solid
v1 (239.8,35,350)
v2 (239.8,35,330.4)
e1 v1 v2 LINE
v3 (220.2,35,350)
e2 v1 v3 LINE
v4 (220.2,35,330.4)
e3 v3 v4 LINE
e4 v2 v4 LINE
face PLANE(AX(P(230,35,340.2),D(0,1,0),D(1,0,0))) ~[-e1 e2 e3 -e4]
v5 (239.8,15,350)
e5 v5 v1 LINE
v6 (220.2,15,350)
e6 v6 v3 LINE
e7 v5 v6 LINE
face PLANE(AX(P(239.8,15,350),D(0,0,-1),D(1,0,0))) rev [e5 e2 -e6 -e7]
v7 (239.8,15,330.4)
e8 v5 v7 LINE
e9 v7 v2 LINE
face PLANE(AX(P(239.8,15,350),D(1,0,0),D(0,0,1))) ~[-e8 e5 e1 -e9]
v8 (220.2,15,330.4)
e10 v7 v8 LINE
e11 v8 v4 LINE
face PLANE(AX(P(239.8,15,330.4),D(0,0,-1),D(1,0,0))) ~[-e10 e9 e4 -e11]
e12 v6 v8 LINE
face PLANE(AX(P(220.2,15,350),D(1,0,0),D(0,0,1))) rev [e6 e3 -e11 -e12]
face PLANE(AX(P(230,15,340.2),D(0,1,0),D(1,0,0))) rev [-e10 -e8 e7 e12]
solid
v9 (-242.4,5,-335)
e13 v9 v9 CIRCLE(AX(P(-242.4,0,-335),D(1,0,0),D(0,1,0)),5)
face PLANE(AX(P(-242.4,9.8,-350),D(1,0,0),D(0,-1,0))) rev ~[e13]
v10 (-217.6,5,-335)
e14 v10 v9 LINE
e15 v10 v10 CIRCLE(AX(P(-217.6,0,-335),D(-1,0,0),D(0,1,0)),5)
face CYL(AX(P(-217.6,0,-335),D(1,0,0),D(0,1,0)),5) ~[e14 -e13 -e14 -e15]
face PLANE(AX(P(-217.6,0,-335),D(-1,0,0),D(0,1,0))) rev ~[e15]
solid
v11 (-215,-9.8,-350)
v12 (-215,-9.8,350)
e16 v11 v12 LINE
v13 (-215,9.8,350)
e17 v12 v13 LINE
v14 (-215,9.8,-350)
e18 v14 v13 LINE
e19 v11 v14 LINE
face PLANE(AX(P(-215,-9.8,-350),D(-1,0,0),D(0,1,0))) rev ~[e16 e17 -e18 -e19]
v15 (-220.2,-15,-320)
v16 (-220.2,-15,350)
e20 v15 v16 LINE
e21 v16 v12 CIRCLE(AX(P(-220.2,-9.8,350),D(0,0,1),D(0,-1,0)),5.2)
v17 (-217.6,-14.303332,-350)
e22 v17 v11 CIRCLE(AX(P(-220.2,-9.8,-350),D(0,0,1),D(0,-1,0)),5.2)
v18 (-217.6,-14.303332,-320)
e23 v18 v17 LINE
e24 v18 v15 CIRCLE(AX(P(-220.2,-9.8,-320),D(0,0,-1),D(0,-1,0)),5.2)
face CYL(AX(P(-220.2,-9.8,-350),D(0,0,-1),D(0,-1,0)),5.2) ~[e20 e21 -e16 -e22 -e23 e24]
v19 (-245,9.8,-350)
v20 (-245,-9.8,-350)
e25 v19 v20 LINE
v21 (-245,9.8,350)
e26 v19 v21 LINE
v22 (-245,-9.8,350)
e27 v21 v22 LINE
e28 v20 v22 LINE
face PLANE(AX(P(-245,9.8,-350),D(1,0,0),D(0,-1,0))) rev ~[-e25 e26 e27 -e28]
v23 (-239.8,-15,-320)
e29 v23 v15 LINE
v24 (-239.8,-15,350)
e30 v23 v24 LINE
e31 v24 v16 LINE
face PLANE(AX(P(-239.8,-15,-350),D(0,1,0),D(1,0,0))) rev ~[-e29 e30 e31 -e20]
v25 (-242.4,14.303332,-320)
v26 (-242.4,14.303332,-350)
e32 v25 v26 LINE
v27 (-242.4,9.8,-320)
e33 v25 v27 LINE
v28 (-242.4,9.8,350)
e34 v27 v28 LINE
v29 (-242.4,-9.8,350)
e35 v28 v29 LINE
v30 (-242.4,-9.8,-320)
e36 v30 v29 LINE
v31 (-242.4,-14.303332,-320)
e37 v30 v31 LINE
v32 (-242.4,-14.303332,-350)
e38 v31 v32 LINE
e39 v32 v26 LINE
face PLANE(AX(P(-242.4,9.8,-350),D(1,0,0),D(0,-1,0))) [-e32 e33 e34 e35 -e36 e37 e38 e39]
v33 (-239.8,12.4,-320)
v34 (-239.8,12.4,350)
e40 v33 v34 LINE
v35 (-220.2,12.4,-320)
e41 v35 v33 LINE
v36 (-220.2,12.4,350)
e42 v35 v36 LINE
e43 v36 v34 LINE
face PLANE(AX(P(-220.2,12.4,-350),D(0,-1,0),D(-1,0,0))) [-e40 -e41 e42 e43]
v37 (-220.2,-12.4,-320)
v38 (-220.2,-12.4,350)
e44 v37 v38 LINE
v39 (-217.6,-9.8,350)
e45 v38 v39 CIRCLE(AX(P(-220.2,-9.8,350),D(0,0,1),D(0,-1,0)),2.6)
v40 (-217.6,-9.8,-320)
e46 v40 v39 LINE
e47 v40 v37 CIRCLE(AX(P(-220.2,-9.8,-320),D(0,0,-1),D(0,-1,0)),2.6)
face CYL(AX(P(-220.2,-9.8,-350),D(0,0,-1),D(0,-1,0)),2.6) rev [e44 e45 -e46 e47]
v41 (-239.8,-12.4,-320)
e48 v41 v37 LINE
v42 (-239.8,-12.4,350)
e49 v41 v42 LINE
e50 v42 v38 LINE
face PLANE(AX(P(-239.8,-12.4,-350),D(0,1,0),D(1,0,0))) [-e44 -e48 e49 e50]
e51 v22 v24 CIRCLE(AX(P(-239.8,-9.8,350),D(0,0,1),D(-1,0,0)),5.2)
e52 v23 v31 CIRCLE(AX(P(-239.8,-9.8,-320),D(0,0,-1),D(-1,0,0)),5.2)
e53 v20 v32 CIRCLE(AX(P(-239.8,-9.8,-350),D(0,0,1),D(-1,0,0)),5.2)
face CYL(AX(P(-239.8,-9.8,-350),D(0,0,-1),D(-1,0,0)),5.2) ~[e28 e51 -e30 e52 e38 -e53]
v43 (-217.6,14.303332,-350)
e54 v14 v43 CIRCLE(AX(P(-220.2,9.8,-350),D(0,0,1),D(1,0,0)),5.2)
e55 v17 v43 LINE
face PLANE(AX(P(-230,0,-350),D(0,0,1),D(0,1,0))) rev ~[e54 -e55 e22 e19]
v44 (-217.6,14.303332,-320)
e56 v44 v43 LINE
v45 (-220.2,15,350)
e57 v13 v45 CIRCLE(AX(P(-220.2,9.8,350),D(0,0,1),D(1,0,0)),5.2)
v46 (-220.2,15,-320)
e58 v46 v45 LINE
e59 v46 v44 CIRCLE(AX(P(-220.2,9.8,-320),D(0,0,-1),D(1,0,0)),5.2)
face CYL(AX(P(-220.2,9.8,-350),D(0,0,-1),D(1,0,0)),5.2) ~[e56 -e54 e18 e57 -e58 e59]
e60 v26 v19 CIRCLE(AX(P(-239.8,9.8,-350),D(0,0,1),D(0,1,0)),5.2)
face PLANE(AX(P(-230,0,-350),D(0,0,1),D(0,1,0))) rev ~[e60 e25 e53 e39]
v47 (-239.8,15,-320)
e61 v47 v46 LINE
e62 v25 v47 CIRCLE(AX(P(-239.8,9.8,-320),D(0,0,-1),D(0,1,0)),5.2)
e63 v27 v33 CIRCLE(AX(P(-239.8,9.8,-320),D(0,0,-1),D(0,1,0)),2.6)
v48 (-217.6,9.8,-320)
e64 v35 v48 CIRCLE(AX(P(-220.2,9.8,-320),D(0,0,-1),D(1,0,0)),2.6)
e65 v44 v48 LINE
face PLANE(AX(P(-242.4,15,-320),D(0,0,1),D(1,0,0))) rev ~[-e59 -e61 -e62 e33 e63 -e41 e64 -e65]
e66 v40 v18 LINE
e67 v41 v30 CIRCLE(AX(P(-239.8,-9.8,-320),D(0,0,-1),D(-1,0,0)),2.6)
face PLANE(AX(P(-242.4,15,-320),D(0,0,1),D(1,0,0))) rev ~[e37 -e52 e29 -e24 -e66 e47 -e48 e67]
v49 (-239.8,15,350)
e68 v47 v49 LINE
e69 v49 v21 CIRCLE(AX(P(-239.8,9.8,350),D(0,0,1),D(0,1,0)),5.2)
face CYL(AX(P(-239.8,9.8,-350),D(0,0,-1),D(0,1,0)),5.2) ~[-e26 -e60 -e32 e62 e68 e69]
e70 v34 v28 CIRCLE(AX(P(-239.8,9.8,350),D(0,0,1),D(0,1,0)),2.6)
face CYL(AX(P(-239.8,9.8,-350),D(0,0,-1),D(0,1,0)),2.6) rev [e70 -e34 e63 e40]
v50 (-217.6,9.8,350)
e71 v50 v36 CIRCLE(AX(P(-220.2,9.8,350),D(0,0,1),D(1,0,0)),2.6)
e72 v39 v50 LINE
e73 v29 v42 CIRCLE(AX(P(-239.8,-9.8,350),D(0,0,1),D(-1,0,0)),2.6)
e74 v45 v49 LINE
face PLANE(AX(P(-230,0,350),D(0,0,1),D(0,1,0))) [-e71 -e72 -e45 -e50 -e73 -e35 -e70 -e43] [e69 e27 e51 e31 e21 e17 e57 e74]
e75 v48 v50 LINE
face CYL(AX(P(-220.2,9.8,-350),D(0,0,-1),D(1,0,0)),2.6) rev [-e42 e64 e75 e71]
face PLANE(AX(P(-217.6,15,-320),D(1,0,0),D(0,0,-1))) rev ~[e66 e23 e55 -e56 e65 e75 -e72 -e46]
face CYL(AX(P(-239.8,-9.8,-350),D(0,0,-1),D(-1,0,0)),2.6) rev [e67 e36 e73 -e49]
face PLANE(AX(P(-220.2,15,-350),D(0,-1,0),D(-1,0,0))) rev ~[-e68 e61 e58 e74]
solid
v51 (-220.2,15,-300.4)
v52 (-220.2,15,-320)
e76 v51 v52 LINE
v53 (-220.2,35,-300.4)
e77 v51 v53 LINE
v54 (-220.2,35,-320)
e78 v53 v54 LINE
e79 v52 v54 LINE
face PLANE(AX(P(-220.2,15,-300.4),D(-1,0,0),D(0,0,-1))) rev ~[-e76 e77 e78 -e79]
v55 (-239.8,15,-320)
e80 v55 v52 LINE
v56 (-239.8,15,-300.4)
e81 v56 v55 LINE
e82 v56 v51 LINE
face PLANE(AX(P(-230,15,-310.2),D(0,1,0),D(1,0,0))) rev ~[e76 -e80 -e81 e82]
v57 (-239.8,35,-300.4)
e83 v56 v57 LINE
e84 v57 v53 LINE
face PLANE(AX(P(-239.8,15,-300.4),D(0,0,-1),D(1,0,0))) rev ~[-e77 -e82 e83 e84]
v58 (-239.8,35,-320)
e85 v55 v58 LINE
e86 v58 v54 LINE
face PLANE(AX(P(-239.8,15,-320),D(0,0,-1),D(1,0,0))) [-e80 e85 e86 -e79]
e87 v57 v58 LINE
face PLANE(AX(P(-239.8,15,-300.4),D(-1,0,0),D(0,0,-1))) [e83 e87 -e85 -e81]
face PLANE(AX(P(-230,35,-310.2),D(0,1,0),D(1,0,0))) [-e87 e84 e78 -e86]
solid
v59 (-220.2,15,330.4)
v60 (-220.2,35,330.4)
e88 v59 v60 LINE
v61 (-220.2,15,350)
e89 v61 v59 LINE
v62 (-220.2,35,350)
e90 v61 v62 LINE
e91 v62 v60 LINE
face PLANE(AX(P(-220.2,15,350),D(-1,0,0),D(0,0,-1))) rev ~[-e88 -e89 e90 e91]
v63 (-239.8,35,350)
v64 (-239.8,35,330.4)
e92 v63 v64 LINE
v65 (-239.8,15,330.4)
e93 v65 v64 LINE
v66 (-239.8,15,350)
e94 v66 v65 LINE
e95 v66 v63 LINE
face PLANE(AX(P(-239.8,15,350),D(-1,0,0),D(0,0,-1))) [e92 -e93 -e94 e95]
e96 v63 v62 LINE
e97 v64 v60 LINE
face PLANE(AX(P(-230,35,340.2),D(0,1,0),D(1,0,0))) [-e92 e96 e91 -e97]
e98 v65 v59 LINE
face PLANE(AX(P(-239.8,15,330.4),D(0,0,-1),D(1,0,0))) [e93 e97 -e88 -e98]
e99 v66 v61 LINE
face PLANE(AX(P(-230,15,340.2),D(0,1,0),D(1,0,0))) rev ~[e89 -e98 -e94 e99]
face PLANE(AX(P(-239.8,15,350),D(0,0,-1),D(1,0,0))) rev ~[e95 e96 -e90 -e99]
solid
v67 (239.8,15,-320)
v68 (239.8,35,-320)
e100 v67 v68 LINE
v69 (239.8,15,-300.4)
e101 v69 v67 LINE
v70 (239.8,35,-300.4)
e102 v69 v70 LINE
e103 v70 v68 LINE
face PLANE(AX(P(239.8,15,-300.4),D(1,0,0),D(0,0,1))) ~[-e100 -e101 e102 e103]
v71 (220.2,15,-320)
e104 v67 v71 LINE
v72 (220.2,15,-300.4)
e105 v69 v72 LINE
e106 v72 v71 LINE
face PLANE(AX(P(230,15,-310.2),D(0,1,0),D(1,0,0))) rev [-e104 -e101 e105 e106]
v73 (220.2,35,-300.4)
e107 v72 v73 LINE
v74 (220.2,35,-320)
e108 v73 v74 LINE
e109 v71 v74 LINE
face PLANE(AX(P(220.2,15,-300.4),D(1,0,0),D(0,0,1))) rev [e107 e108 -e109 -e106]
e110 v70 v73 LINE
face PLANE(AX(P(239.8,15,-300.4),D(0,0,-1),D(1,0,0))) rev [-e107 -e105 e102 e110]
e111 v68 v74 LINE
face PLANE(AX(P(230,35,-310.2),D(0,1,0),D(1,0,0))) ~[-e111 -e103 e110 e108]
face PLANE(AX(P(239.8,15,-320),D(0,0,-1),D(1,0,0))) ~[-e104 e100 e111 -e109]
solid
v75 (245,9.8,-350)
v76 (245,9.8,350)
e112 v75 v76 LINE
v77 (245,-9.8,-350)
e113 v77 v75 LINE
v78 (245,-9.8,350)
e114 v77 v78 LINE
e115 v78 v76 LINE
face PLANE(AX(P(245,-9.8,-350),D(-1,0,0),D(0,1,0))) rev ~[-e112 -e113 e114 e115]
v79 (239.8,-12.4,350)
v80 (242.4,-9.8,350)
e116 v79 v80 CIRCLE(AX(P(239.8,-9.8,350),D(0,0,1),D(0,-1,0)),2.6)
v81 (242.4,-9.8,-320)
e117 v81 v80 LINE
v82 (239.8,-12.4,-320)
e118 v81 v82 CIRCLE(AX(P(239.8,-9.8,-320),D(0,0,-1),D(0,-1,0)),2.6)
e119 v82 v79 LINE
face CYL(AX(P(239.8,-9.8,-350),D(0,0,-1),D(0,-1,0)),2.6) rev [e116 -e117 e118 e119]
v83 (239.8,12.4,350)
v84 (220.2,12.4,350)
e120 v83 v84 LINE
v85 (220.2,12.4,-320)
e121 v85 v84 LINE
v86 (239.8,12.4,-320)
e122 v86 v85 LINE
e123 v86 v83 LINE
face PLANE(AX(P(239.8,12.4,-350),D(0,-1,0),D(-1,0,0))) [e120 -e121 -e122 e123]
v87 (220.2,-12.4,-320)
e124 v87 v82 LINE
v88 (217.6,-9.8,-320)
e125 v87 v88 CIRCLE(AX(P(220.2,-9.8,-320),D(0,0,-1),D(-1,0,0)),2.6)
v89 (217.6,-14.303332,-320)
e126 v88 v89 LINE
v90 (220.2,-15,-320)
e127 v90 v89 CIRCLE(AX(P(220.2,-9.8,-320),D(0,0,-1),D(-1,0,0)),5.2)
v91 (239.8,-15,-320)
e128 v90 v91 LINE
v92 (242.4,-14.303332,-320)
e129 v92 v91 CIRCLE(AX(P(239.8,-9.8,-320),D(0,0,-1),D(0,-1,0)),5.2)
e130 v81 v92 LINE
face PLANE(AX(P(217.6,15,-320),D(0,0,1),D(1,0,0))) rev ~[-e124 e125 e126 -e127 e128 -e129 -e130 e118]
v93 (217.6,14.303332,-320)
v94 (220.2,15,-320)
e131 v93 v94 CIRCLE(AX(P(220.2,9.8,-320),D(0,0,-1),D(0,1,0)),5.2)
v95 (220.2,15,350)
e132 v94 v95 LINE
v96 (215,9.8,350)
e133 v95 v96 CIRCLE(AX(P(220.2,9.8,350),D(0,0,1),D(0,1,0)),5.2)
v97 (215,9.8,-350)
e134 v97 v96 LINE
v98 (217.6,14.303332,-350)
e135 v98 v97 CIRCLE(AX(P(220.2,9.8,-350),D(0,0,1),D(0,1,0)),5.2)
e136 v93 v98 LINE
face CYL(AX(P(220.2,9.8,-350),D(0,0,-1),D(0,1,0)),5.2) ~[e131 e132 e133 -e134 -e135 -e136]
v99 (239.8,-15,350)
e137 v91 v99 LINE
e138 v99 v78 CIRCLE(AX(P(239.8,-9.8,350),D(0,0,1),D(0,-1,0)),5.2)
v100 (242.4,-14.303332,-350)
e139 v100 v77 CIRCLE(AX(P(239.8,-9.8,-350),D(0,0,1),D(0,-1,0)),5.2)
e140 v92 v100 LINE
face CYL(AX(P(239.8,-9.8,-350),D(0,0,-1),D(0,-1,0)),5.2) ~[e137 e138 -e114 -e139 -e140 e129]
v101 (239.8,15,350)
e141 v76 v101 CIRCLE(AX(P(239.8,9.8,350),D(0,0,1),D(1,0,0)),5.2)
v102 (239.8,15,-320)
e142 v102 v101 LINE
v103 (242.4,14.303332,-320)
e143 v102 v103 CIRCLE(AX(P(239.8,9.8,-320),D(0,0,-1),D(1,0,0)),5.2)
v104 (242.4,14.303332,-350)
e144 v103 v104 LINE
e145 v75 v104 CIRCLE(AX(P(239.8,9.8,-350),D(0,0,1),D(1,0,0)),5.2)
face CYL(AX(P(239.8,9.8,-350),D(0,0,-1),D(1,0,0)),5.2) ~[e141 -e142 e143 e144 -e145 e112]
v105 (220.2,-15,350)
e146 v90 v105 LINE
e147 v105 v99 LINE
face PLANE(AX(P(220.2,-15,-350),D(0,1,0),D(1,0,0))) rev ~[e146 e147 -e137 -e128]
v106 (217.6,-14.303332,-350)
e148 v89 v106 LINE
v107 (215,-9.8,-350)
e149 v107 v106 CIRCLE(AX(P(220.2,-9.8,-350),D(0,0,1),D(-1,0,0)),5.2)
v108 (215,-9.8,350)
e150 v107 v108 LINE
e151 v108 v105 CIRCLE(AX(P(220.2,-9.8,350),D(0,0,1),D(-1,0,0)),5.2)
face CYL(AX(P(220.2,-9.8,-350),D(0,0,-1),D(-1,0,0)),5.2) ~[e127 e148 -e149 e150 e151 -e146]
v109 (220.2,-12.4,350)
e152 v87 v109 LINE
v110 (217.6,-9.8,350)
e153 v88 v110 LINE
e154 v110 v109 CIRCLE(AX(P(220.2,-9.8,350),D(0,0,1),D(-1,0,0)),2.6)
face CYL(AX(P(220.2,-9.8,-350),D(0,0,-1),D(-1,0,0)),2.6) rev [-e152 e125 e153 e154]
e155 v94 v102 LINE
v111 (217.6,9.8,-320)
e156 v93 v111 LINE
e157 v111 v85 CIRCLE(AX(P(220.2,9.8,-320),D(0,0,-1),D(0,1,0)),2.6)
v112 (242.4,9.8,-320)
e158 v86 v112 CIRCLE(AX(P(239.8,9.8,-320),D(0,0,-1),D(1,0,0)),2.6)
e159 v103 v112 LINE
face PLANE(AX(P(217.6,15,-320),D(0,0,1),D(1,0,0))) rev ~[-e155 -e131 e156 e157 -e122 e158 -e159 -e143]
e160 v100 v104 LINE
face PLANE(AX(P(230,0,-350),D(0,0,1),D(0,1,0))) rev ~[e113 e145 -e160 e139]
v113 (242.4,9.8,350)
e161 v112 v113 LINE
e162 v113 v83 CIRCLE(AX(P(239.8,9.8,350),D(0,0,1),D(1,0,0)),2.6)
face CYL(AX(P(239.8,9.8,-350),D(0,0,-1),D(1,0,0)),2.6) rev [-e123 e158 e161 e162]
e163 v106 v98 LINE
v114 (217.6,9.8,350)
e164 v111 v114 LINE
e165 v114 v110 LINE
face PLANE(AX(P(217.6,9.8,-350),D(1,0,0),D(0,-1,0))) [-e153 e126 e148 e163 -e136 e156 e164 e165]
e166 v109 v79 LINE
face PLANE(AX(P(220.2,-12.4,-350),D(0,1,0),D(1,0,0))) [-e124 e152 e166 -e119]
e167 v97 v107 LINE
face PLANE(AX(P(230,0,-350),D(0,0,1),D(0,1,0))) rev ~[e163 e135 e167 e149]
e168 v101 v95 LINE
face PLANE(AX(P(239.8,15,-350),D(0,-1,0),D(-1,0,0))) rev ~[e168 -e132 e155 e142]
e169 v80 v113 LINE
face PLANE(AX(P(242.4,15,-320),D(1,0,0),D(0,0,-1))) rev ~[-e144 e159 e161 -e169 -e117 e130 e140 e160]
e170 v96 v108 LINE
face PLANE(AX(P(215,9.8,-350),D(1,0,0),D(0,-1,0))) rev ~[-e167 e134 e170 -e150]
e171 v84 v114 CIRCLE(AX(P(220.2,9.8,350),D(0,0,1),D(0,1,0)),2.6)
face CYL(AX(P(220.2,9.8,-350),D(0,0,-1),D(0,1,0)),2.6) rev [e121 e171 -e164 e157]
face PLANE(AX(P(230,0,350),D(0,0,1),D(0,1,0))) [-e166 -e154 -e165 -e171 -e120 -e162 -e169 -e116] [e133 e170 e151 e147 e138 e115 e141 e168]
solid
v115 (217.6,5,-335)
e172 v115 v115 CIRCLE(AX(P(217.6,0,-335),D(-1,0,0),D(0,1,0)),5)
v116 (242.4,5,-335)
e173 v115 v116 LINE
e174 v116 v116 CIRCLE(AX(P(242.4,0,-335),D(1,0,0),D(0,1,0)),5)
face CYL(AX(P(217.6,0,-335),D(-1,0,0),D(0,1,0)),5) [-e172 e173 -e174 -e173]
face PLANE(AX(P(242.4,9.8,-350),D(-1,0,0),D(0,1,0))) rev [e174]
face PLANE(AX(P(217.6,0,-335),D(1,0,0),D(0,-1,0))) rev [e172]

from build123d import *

# Parameters (mm, degrees)
SQUARE_TUBE_CONFIGURED_30_X_30_X_2_6_4_DEPTH = 700
SQUARE_TUBE_CONFIGURED_30_X_30_X_2_2_DEPTH   = 700
SKETCH113_W                                  = 24.8
SKETCH113_H                                  = 30
CUT_EXTRUDE1_DEPTH                           = 429.281449517
BOSS_EXTRUDE1_REACH                          = 582.279
SKETCH114_R                                  = 5
SKETCH115_W                                  = 24.8
SKETCH115_H                                  = 30
CUT_EXTRUDE2_DEPTH                           = 429.281449517
SKETCH117_W                                  = 19.6
SKETCH117_H                                  = 19.6
BOSS_EXTRUDE2_DEPTH                          = 20
SKETCH118_W                                  = 19.6
SKETCH118_H                                  = 19.6
BOSS_EXTRUDE3_DEPTH                          = 20


with BuildPart() as part:
    # Sketch116 → Square tube - configured 30 X 30 X 2.6(4) (new body)
    with BuildSketch(Plane(origin=(-230, 0, -350), x_dir=(0, 1, 0), z_dir=(0, 0, 1))):
        with BuildLine():
            Line((-9.8, -15), (9.8, -15))
            ThreePointArc((9.8, -15), (13.476955262, -13.476955262), (15, -9.8))
            Line((15, -9.8), (15, 9.8))
            ThreePointArc((15, 9.8), (13.476955262, 13.476955262), (9.8, 15))
            Line((9.8, 15), (-9.8, 15))
            ThreePointArc((-9.8, 15), (-13.476955262, 13.476955262), (-15, 9.8))
            Line((-15, 9.8), (-15, -9.8))
            ThreePointArc((-15, -9.8), (-13.476955262, -13.476955262), (-9.8, -15))
        make_face()
        with BuildLine():
            Line((-9.8, -12.4), (9.8, -12.4))
            ThreePointArc((9.8, -12.4), (11.638477631, -11.638477631), (12.4, -9.8))
            Line((12.4, -9.8), (12.4, 9.8))
            ThreePointArc((12.4, 9.8), (11.638477631, 11.638477631), (9.8, 12.4))
            Line((9.8, 12.4), (-9.8, 12.4))
            ThreePointArc((-9.8, 12.4), (-11.638477631, 11.638477631), (-12.4, 9.8))
            Line((-12.4, 9.8), (-12.4, -9.8))
            ThreePointArc((-12.4, -9.8), (-11.638477631, -11.638477631), (-9.8, -12.4))
        make_face(mode=Mode.SUBTRACT)
    extrude(amount=SQUARE_TUBE_CONFIGURED_30_X_30_X_2_6_4_DEPTH)

    # Sketch113 → Cut-Extrude1 (cut, through all)
    with BuildSketch(Plane(origin=(0, 15, 0), x_dir=(1, 0, 0), z_dir=(0, 1, 0))):
        with Locations((-230, 335)):
            Rectangle(SKETCH113_W, SKETCH113_H)
    extrude(amount=-CUT_EXTRUDE1_DEPTH, mode=Mode.SUBTRACT)


with BuildPart() as body_2:
    # Sketch116 on segment 2 (carried to segment 2) → Square tube - configured 30 X 30 X 2 2 (new body)
    with BuildSketch(Plane(origin=(230, 0, -350), x_dir=(0, 1, 0), z_dir=(0, 0, 1))):
        with BuildLine():
            Line((-9.8, -15), (9.8, -15))
            ThreePointArc((9.8, -15), (13.476955262, -13.476955262), (15, -9.8))
            Line((15, -9.8), (15, 9.8))
            ThreePointArc((15, 9.8), (13.476955262, 13.476955262), (9.8, 15))
            Line((9.8, 15), (-9.8, 15))
            ThreePointArc((-9.8, 15), (-13.476955262, 13.476955262), (-15, 9.8))
            Line((-15, 9.8), (-15, -9.8))
            ThreePointArc((-15, -9.8), (-13.476955262, -13.476955262), (-9.8, -15))
        make_face()
        with BuildLine():
            Line((-9.8, -12.4), (9.8, -12.4))
            ThreePointArc((9.8, -12.4), (11.638477631, -11.638477631), (12.4, -9.8))
            Line((12.4, -9.8), (12.4, 9.8))
            ThreePointArc((12.4, 9.8), (11.638477631, 11.638477631), (9.8, 12.4))
            Line((9.8, 12.4), (-9.8, 12.4))
            ThreePointArc((-9.8, 12.4), (-11.638477631, 11.638477631), (-12.4, 9.8))
            Line((-12.4, 9.8), (-12.4, -9.8))
            ThreePointArc((-12.4, -9.8), (-11.638477631, -11.638477631), (-9.8, -12.4))
        make_face(mode=Mode.SUBTRACT)
    extrude(amount=SQUARE_TUBE_CONFIGURED_30_X_30_X_2_2_DEPTH)

    # Sketch115 → Cut-Extrude2 (cut, through all)
    with BuildSketch(Plane(origin=(0, 15, 0), x_dir=(1, 0, 0), z_dir=(0, 1, 0))):
        with Locations((230, 335)):
            Rectangle(SKETCH115_W, SKETCH115_H)
    extrude(amount=-CUT_EXTRUDE2_DEPTH, mode=Mode.SUBTRACT)


with BuildPart() as body_3:

    # Sketch114 → Boss-Extrude1 (new, up to next)
    with BuildSketch(Plane.ZY.offset(217.6), mode=Mode.PRIVATE) as boss_extrude1_sk1:
        with Locations(Location((-335, 0, 0), (0, 0, 90))):
            Circle(SKETCH114_R)
    boss_extrude1_tool1 = extrude(boss_extrude1_sk1.sketch, amount=BOSS_EXTRUDE1_REACH, mode=Mode.PRIVATE) - part.part
    add(boss_extrude1_tool1.solids().sort_by_distance((-217.6, 0, -335))[0])


with BuildPart() as body_4:
    # Mirror8: mirrored copy
    add(body_3.part.mirror(Plane(origin=(0, 0, 0), x_dir=(0, 0, 1), z_dir=(1, 0, 0))))


with BuildPart() as body_5:
    # Sketch117 → Boss-Extrude2 (new body)
    with BuildSketch(Plane(origin=(0, 15, 0), x_dir=(1, 0, 0), z_dir=(0, 1, 0))):
        with Locations((-230, -340.2)):
            Rectangle(SKETCH117_W, SKETCH117_H)
    extrude(amount=BOSS_EXTRUDE2_DEPTH)


with BuildPart() as body_6:
    # Mirror9: mirrored copy
    add(body_5.part.mirror(Plane(origin=(0, 0, 0), x_dir=(0, 0, 1), z_dir=(1, 0, 0))))


with BuildPart() as body_7:
    # Sketch118 → Boss-Extrude3 (new body)
    with BuildSketch(Plane(origin=(0, 15, 0), x_dir=(1, 0, 0), z_dir=(0, 1, 0))):
        with Locations((-230, 310.2)):
            Rectangle(SKETCH118_W, SKETCH118_H)
    extrude(amount=BOSS_EXTRUDE3_DEPTH)


with BuildPart() as body_8:
    # Mirror10: mirrored copy
    add(body_7.part.mirror(Plane(origin=(0, 0, 0), x_dir=(0, 0, 1), z_dir=(1, 0, 0))))


solid = Compound([part.part, body_2.part, body_3.part, body_4.part, body_5.part, body_6.part, body_7.part, body_8.part])
